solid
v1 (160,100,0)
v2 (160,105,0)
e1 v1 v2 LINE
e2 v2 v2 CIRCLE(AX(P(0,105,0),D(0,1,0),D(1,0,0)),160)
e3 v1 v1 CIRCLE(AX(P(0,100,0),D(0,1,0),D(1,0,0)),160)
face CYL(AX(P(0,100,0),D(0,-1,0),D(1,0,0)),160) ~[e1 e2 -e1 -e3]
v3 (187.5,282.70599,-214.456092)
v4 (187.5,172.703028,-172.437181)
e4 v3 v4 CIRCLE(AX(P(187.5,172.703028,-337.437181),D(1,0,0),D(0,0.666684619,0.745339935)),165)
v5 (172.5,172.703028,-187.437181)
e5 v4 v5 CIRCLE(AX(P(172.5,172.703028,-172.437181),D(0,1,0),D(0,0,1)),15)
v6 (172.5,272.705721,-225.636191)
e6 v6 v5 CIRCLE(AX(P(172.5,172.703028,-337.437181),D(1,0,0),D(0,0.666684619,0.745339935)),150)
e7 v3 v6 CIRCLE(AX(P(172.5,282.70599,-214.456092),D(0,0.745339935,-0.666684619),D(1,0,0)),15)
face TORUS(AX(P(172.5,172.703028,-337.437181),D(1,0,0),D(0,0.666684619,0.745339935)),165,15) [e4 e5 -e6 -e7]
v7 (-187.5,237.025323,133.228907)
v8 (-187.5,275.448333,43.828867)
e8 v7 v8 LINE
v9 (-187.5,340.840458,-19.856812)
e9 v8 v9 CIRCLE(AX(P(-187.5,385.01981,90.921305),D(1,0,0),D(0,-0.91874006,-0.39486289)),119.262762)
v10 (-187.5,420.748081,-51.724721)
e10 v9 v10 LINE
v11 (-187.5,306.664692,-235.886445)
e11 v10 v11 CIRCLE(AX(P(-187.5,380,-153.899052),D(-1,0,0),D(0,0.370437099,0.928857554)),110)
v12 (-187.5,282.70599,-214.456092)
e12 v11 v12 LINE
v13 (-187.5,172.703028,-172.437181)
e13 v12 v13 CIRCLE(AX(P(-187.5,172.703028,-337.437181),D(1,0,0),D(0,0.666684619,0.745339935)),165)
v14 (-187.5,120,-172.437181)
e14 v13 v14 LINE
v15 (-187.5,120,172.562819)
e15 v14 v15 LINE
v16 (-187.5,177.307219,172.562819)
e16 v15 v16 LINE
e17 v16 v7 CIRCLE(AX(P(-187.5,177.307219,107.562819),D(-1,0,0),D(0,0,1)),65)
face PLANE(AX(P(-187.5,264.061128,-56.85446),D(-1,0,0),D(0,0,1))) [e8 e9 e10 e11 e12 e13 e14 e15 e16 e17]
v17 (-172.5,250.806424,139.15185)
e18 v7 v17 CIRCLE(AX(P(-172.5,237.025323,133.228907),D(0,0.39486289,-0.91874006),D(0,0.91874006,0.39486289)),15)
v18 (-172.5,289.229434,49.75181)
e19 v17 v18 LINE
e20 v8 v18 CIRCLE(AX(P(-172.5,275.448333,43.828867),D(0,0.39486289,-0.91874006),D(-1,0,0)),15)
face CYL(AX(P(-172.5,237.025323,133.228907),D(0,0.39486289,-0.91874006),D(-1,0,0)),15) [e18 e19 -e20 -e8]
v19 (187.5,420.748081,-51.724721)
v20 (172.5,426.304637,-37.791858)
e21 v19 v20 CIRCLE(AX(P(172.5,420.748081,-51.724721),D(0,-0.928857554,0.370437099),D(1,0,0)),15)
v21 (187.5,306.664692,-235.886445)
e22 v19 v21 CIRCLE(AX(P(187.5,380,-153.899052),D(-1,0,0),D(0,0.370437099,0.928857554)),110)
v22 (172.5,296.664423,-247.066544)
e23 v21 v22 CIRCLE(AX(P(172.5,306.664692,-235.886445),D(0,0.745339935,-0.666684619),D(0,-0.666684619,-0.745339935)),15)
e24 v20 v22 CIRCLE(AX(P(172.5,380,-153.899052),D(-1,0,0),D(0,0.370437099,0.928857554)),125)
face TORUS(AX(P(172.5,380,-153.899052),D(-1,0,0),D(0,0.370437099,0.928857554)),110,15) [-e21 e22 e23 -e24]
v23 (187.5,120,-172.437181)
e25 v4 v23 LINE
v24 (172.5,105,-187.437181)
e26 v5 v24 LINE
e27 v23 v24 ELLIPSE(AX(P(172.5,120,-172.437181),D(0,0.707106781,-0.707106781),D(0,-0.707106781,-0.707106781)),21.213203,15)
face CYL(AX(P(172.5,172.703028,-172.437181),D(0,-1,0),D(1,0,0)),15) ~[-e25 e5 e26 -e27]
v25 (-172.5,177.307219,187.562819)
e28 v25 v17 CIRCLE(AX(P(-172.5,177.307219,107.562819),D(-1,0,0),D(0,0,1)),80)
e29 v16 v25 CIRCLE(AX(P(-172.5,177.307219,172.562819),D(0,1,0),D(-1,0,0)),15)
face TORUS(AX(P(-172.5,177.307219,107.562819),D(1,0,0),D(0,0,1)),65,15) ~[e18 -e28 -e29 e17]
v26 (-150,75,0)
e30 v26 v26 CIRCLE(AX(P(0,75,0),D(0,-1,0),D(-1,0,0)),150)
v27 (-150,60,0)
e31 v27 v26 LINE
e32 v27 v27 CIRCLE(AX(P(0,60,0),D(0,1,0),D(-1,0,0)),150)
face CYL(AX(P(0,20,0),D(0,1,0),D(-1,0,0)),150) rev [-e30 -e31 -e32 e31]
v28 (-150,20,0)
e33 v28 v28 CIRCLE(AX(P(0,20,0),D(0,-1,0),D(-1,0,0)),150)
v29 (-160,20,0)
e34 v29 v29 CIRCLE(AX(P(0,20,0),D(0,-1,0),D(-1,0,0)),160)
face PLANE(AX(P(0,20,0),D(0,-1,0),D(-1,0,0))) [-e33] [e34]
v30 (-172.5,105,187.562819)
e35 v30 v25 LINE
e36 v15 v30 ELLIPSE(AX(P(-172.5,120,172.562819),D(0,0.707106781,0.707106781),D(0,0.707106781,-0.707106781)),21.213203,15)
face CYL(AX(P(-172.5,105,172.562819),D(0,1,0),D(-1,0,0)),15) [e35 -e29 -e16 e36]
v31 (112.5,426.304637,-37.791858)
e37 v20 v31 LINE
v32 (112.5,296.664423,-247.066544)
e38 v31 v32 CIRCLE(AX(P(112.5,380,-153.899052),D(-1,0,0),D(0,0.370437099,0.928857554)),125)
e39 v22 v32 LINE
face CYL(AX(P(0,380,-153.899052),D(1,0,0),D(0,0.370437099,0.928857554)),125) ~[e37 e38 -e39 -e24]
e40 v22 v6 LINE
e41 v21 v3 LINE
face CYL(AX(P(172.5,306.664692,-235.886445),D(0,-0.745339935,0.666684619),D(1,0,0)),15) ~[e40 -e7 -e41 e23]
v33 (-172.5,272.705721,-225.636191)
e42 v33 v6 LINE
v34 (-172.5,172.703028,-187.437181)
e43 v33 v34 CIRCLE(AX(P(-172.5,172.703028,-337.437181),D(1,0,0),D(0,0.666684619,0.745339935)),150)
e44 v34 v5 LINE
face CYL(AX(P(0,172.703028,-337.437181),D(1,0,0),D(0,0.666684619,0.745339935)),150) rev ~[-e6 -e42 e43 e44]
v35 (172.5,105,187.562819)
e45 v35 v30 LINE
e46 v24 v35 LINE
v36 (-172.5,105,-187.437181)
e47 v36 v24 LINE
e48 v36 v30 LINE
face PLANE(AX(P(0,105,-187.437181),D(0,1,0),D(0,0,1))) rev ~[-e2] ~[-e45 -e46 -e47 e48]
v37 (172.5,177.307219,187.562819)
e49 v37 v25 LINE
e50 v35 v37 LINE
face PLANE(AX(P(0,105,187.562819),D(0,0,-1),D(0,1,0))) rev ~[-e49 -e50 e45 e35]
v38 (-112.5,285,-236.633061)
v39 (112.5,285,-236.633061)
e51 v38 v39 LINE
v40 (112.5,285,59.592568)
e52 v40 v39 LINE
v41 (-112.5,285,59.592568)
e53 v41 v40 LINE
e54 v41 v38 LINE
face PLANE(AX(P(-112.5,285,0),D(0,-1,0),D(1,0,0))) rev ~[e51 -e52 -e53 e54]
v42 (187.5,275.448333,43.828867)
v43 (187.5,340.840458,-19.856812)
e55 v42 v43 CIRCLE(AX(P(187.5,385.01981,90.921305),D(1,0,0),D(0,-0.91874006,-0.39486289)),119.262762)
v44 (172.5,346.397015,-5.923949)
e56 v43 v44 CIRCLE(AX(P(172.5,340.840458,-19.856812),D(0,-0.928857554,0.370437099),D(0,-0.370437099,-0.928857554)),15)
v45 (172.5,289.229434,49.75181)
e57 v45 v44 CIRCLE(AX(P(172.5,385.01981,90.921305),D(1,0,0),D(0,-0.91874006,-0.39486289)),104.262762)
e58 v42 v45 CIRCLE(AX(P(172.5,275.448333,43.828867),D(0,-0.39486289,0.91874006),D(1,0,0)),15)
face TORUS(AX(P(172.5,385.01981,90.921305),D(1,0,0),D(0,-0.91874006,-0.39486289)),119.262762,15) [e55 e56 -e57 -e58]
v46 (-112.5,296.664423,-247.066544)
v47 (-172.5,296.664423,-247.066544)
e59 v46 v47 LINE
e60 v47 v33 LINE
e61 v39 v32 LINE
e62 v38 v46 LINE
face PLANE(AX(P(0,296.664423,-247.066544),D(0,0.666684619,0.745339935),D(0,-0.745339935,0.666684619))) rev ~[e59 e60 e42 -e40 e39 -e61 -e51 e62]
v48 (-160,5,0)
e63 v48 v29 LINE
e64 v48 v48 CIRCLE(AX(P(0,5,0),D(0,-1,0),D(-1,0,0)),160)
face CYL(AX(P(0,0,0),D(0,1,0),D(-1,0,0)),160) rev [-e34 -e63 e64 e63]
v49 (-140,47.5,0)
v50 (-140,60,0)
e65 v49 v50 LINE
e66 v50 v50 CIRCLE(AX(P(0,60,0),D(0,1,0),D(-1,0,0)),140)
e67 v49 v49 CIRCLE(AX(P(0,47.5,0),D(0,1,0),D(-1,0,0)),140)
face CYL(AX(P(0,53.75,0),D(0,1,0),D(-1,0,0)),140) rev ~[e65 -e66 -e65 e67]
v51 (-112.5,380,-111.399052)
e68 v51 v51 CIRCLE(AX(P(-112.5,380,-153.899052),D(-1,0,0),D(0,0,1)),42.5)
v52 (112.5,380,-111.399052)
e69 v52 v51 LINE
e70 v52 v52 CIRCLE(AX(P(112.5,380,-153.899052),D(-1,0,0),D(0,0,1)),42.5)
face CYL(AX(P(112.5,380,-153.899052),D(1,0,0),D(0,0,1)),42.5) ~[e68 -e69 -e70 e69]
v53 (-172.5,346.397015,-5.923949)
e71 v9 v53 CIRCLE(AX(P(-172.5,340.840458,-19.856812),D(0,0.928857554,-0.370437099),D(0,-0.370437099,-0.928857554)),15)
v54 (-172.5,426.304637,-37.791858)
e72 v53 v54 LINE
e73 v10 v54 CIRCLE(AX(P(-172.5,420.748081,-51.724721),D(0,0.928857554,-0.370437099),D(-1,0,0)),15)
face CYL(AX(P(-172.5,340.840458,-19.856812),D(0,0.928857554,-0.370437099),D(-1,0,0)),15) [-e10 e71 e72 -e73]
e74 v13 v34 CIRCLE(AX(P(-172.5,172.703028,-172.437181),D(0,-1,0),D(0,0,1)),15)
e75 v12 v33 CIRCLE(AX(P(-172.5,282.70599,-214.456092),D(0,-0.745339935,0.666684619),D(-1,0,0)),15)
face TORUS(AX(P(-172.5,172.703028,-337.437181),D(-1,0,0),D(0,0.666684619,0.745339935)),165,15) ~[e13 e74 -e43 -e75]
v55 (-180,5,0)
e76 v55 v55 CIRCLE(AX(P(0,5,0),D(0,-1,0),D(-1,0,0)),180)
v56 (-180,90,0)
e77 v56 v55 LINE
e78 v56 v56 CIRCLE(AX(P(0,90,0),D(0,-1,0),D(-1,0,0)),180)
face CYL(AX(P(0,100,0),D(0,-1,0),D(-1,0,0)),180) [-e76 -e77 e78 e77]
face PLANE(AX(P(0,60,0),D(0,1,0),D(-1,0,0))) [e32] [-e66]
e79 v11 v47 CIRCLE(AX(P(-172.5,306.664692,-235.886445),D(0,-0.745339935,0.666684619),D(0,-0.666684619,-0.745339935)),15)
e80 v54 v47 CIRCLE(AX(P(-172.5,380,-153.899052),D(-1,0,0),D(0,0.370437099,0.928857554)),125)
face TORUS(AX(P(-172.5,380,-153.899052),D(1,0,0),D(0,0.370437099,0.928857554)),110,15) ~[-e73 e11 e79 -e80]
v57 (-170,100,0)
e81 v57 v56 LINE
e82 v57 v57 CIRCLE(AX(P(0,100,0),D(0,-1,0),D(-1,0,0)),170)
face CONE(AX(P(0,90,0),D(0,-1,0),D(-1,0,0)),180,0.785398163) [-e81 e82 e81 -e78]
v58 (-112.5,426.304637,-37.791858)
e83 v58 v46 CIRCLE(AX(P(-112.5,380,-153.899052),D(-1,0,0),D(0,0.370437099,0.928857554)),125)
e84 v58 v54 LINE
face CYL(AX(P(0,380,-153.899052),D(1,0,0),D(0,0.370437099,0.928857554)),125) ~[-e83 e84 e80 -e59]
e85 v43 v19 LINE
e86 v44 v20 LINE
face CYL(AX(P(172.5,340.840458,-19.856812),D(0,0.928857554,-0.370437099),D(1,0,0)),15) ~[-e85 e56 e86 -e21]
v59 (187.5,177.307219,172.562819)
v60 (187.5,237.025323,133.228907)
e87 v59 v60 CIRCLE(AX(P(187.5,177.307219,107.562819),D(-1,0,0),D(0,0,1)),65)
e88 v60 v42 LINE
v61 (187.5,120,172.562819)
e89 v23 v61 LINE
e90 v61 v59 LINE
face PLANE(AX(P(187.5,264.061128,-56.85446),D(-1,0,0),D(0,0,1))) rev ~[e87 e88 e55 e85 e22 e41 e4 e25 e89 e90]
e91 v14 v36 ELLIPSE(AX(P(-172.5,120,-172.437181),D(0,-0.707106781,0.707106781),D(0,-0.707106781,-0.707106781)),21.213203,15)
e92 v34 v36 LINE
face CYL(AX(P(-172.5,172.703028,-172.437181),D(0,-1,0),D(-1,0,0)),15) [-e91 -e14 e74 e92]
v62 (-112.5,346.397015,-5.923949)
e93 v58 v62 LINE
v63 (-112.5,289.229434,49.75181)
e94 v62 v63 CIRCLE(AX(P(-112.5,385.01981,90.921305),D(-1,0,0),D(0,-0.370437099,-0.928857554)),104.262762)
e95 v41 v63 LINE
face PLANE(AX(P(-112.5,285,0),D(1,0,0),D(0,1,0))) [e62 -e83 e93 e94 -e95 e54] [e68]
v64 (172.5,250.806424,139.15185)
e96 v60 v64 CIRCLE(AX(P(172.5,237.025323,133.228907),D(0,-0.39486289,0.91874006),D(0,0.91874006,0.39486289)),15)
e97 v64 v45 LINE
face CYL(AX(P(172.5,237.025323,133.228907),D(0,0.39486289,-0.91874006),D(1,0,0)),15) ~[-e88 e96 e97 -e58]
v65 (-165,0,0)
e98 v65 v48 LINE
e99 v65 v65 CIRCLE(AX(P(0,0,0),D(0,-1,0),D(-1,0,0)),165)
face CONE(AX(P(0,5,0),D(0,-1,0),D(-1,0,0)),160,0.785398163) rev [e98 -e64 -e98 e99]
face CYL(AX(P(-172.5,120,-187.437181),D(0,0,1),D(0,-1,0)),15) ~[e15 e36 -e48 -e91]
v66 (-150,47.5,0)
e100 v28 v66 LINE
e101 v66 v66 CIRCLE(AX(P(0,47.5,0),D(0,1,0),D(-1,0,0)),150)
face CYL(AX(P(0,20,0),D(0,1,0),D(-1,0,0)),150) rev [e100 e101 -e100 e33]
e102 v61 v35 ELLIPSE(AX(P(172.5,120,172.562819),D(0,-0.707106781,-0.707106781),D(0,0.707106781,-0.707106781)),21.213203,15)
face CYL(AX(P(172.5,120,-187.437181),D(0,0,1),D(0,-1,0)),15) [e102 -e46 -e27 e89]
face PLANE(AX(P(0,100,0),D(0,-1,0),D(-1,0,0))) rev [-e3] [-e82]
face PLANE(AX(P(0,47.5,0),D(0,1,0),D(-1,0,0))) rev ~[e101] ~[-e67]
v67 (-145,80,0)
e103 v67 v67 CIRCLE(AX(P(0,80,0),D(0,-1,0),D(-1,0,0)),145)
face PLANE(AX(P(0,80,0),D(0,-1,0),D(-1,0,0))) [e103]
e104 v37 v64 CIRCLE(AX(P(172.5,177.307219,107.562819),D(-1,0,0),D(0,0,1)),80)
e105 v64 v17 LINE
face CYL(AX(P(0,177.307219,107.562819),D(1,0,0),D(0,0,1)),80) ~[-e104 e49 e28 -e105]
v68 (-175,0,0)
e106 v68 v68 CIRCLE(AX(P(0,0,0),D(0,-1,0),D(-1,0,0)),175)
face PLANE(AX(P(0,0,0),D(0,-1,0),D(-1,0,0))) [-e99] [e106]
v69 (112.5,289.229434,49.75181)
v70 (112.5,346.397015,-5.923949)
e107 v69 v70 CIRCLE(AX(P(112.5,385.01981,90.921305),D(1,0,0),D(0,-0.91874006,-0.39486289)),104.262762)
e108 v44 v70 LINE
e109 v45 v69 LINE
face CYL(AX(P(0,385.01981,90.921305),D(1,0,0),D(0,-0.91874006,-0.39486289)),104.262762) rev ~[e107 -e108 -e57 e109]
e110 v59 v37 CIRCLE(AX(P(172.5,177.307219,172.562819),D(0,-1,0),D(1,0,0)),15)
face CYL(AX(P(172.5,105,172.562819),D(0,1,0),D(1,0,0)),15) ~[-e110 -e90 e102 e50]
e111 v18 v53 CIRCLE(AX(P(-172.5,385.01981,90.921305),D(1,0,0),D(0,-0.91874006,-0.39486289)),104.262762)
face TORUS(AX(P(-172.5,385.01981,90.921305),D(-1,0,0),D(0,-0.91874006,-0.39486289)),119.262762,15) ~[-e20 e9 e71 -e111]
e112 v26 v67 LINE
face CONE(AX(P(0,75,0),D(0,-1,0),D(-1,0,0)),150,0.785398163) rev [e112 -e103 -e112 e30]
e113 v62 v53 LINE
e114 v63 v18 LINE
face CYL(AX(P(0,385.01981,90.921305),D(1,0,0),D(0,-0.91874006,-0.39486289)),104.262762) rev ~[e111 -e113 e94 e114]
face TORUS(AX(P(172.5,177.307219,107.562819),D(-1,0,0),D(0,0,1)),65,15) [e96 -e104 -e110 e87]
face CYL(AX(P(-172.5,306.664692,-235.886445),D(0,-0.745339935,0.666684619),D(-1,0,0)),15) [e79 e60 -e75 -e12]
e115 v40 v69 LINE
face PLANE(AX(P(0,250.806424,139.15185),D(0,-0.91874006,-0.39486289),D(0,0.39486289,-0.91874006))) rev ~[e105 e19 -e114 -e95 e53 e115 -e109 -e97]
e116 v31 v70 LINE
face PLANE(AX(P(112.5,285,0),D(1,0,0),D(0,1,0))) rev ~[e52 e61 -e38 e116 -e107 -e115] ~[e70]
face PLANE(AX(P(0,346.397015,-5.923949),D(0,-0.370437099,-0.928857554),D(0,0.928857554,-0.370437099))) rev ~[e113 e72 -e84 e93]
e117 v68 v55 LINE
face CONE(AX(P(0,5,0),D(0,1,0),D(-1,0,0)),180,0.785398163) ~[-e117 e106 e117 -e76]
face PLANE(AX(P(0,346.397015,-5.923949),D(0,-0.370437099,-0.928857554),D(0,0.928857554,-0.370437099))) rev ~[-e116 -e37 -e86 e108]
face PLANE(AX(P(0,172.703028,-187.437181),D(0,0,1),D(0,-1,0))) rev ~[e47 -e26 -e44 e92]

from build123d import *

# Parameters (mm, degrees)
CHAMFER1_SIZE           = 10
CHAMFER2_SIZE           = 5
CHAMFER3_SIZE           = 5
SKETCH4_R               = 160
BOSS_EXTRUDE1_DEPTH     = 5
BOSS_EXTRUDE2_DEPTH     = 187.5
FILLET1_R               = 15
SKETCH6_W               = 225
SKETCH6_H               = 220
CUT_EXTRUDE1_DEPTH      = 188.562818856
CUT_EXTRUDE1_DEPTH_BACK = 279.899051912
SKETCH7_R               = 42.5
BOSS_EXTRUDE3_DEPTH     = 225
SKETCH8_W               = 10
SKETCH8_H               = 12.5


with BuildPart() as part:
    # Sketch2 → Revolve1 (revolve)
    with BuildSketch(Plane.XY):
        Polygon((-160, 0), (-160, 20), (-150, 20), (-150, 80), (0, 80), (0, 100), (-180, 100), (-180, 0), align=None)
    revolve(axis=Axis((0, 100, 0), (0, -1, 0)))

    # Chamfer1
    chamfer1_edges = [part.edges().sort_by_distance(p)[0] for p in [
        (180, 100, 0),
    ]]
    chamfer(chamfer1_edges, length=CHAMFER1_SIZE)

    # Chamfer2
    chamfer2_edges = [part.edges().sort_by_distance(p)[0] for p in [
        (150, 80, 0),
        (160, 0, 0),
    ]]
    chamfer(chamfer2_edges, length=CHAMFER2_SIZE)

    # Chamfer3
    chamfer3_edges = [part.edges().sort_by_distance(p)[0] for p in [
        (180, 0, 0),
    ]]
    chamfer(chamfer3_edges, length=CHAMFER3_SIZE)

    # Sketch4 → Boss-Extrude1 (add)
    with BuildSketch(Plane(origin=(0, 100, 0), x_dir=(1, 0, 0), z_dir=(0, 1, 0))):
        Circle(SKETCH4_R)
    extrude(amount=BOSS_EXTRUDE1_DEPTH)

    # Sketch5 → Boss-Extrude2 (add, symmetric)
    with BuildSketch(Plane(origin=(0, 0, 0), x_dir=(0, 0, -1), z_dir=(1, 0, 0))):
        with BuildLine():
            Line((187.437181144, 105), (-187.562818856, 105))
            Line((-187.562818856, 105), (-187.562818856, 177.307219005))
            ThreePointArc((-187.562818856, 177.307219005), (-174.372707713, 221.312204528), (-139.151850084, 250.806423804))
            Line((-139.151850084, 250.806423804), (-49.751809858, 289.229433552))
            ThreePointArc((-49.751809858, 289.229433552), (-16.228261208, 312.275925599), (5.923948566, 346.397014559))
            Line((5.923948566, 346.397014559), (37.791857566, 426.304637395))
            ThreePointArc((37.791857566, 426.304637395), (219.726126853, 486.262863652), (247.066543683, 296.664422612))
            Line((247.066543683, 296.664422612), (225.636190899, 272.705721163))
            ThreePointArc((225.636190899, 272.705721163), (197.31197189, 226.228029294), (187.437181144, 172.703028297))
            Line((187.437181144, 172.703028297), (187.437181144, 105))
        make_face()
    extrude(amount=BOSS_EXTRUDE2_DEPTH, both=True)

    # Fillet1
    fillet1_edges = [part.edges().sort_by_distance(p)[0] for p in [
        (-187.5, 141.153609503, 187.562818856),
        (-187.5, 105, 0.062818856),
        (-187.5, 138.851514149, -187.437181144),
        (-187.5, 226.228029294, -197.31197189),
        (-187.5, 284.685071887, -236.351367291),
        (-187.5, 486.262863652, -219.726126853),
        (-187.5, 386.350825977, -21.857903066),
        (-187.5, 312.275925599, 16.228261208),
        (-187.5, 270.017928678, 94.451829971),
        (-187.5, 221.312204528, 174.372707713),
        (187.5, 141.153609503, 187.562818856),
        (187.5, 105, 0.062818856),
        (187.5, 138.851514149, -187.437181144),
        (187.5, 226.228029294, -197.31197189),
        (187.5, 284.685071887, -236.351367291),
        (187.5, 486.262863652, -219.726126853),
        (187.5, 386.350825977, -21.857903066),
        (187.5, 312.275925599, 16.228261208),
        (187.5, 270.017928678, 94.451829971),
        (187.5, 221.312204528, 174.372707713),
    ]]
    fillet(fillet1_edges, radius=FILLET1_R)

    # Sketch6 → Cut-Extrude1 (cut, two sides)
    with BuildSketch(Plane.XY) as cut_extrude1_sk:
        with Locations((0, 395)):
            Rectangle(SKETCH6_W, SKETCH6_H)
    extrude(amount=CUT_EXTRUDE1_DEPTH, mode=Mode.SUBTRACT)
    extrude(cut_extrude1_sk.sketch, amount=-CUT_EXTRUDE1_DEPTH_BACK, mode=Mode.SUBTRACT)

    # Sketch7 → Boss-Extrude3 (add)
    with BuildSketch(Plane.ZY.offset(-112.5)):
        with Locations((-153.899051812, 380)):
            Circle(SKETCH7_R)
    extrude(amount=BOSS_EXTRUDE3_DEPTH)

    # Sketch8 → Revolve2 (revolve)
    with BuildSketch(Plane.XY):
        with Locations((-145, 53.75)):
            Rectangle(SKETCH8_W, SKETCH8_H)
    revolve(axis=Axis((0, 0, 0), (0, 1, 0)))


solid = part.part
